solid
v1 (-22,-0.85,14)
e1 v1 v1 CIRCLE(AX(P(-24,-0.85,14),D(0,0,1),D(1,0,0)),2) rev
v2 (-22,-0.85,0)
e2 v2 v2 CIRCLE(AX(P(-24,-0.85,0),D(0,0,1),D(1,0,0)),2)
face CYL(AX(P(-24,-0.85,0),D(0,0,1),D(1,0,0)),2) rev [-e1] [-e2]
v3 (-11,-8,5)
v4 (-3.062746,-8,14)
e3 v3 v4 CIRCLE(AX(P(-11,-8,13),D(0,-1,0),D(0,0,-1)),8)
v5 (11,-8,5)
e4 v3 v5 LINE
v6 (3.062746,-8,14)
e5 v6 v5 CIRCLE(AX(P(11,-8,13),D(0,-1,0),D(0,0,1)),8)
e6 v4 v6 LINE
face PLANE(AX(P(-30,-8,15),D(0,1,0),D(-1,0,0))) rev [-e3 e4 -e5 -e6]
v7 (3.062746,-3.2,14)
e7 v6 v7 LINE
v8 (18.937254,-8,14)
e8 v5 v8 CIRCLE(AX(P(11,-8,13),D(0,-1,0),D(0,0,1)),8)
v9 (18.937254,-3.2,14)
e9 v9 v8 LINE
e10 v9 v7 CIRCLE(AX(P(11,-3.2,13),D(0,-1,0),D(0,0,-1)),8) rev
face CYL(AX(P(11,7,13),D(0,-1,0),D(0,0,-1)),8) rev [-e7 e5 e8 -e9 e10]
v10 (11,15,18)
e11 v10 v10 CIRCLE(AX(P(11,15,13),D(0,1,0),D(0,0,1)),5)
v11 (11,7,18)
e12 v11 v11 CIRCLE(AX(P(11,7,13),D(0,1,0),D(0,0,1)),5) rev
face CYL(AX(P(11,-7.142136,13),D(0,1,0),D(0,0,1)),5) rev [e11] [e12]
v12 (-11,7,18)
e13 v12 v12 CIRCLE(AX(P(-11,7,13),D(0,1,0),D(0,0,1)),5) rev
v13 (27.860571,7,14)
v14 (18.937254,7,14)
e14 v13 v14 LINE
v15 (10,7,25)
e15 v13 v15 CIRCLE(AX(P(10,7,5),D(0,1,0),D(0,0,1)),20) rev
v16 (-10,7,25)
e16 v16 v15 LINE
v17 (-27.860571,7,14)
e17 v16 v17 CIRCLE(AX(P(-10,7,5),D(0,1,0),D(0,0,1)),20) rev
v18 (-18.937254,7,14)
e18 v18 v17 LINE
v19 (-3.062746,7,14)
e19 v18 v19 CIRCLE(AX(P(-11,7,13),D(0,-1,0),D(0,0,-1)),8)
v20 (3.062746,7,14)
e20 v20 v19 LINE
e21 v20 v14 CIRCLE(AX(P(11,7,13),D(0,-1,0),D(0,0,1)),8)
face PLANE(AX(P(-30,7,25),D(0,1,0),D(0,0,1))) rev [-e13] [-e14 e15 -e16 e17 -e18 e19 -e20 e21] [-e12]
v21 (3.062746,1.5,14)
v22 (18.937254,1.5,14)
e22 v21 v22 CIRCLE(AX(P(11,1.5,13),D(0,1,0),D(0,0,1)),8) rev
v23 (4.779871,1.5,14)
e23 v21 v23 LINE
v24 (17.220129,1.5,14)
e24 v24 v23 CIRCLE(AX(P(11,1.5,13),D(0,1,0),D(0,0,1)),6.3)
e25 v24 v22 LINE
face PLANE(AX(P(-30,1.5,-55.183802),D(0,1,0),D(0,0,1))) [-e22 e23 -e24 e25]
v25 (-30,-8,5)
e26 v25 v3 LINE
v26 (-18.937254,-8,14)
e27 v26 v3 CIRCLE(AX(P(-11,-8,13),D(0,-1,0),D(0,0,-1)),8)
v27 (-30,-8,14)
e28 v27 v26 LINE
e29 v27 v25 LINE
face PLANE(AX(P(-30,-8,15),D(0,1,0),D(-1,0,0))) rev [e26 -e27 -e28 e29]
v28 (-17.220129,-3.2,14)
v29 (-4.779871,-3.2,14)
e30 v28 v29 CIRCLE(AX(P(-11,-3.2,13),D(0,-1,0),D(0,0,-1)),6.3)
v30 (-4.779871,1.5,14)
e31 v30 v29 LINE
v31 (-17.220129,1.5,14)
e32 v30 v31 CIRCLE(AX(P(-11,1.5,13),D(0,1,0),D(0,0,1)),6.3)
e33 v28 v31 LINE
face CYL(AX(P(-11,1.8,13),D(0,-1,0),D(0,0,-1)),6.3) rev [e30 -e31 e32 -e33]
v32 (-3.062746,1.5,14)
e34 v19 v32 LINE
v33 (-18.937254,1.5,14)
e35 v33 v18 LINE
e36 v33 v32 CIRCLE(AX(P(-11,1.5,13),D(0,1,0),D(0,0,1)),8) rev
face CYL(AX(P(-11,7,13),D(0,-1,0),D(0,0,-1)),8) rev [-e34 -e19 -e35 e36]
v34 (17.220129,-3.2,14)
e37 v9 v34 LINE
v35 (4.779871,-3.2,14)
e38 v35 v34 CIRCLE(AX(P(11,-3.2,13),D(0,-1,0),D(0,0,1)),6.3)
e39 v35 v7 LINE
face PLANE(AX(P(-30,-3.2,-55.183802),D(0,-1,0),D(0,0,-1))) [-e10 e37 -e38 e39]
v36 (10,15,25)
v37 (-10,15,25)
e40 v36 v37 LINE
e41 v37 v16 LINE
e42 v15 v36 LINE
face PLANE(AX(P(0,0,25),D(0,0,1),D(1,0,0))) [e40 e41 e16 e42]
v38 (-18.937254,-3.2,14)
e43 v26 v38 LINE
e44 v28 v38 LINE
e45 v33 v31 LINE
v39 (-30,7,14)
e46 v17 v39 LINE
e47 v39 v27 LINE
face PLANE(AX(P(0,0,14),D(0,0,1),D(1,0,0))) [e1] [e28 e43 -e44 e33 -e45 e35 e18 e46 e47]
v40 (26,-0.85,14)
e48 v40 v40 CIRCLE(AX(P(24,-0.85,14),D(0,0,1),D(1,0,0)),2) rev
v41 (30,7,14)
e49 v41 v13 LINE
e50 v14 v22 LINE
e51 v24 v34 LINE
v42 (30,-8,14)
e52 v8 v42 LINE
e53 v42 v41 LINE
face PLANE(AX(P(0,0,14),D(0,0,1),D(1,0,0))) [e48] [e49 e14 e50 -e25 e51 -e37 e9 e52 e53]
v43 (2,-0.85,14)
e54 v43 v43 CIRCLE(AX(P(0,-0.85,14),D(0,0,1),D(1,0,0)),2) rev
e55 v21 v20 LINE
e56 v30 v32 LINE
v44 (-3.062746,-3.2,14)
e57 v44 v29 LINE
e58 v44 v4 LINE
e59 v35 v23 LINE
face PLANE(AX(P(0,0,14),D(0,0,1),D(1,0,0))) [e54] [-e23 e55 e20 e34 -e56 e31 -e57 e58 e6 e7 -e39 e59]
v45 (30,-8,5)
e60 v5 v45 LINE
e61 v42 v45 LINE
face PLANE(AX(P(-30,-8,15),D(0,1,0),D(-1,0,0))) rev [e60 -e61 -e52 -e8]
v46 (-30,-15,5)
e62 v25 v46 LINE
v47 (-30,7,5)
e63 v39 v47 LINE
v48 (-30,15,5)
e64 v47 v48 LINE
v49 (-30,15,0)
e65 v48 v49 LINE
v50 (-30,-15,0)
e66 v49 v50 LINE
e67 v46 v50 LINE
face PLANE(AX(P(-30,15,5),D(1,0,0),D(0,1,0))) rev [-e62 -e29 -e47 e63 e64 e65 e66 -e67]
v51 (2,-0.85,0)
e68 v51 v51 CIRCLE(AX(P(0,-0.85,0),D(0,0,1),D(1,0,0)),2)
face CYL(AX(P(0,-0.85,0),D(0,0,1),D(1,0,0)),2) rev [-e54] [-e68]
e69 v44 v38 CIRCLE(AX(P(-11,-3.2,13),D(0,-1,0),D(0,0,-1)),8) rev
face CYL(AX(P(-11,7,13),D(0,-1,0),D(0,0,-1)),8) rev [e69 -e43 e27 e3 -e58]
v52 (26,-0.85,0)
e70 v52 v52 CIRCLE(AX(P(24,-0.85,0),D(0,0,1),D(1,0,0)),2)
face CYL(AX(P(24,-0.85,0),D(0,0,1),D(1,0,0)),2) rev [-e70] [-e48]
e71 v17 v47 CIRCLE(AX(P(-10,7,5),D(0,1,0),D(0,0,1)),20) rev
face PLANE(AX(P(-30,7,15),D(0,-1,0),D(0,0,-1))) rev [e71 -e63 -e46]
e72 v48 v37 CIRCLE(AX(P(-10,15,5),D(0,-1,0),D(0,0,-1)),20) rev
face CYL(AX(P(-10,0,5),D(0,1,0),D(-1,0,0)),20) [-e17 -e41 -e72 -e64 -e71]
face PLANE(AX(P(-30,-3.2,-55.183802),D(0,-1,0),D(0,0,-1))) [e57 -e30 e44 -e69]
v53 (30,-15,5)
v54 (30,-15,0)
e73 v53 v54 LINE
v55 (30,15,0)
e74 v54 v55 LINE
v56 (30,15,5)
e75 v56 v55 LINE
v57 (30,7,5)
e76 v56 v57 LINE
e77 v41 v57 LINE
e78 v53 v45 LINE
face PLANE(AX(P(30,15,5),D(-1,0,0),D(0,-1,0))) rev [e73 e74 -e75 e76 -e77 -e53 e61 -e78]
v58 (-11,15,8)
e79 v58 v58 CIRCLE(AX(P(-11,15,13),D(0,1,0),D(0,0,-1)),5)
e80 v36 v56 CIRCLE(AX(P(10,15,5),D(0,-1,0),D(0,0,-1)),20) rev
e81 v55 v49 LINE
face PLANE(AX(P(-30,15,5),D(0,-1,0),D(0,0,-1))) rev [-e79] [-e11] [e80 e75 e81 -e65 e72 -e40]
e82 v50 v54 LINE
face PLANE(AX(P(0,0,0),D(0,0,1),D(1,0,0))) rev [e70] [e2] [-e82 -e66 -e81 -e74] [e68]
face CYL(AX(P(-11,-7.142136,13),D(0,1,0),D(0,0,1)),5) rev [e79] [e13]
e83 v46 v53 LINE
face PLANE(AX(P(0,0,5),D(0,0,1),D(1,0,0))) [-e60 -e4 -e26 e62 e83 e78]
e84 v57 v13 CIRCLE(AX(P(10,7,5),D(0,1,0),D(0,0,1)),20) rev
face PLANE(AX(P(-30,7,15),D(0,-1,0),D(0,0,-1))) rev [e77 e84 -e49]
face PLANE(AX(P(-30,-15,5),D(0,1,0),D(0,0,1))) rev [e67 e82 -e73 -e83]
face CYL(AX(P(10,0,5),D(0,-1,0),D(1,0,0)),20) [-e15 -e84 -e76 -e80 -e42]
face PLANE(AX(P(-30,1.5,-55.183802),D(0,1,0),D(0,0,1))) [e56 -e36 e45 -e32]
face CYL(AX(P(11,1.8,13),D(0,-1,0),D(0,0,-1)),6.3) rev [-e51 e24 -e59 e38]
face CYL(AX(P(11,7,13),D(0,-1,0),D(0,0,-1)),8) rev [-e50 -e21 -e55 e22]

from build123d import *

# Parameters (mm, degrees)
SCHIZZO1_W                   = 60
SCHIZZO1_H                   = 30
ESTRUSIONE_ESTRUSIONE1_DEPTH = 5
SCHIZZO2_W                   = 60
SCHIZZO2_H                   = 8
ESTRUSIONE_ESTRUSIONE2_DEPTH = 20
SCHIZZO3_R                   = 5
TAGLIO_ESTRUSIONE1_DEPTH     = 8
RACCORDO1_R                  = 20
SCHIZZO4_W                   = 60
SCHIZZO4_H                   = 15
ESTRUSIONE_ESTRUSIONE3_DEPTH = 10
SCHIZZO6_R                   = 8
TAGLIO_ESTRUSIONE2_DEPTH     = 15
SCHIZZO8_W                   = 60
SCHIZZO8_H                   = 4.7
ESTRUSIONE_ESTRUSIONE4_DEPTH = 10
SCHIZZO9_R                   = 6.3
TAGLIO_ESTRUSIONE3_DEPTH     = 5
SCHIZZO10_R                  = 2
TAGLIO_ESTRUSIONE4_DEPTH     = 16
SCHIZZO11_W                  = 60
SCHIZZO11_H                  = 15
TAGLIO_ESTRUSIONE5_DEPTH     = 1


with BuildPart() as part:
    # Schizzo1 → Estrusione-Estrusione1 (new body)
    with BuildSketch(Plane.XY):
        Rectangle(SCHIZZO1_W, SCHIZZO1_H)
    extrude(amount=ESTRUSIONE_ESTRUSIONE1_DEPTH)

    # Schizzo2 → Estrusione-Estrusione2 (add)
    with BuildSketch(Plane.XY.offset(5)):
        with Locations((0, 11)):
            Rectangle(SCHIZZO2_W, SCHIZZO2_H)
    extrude(amount=ESTRUSIONE_ESTRUSIONE2_DEPTH)

    # Schizzo3 → Taglio-Estrusione1 (cut)
    with BuildSketch(Plane(origin=(0, 15, 0), x_dir=(1, 0, 0), z_dir=(0, 1, 0))):
        with Locations((11, -13)):
            Circle(SCHIZZO3_R)
        with Locations((-11, -13)):
            Circle(SCHIZZO3_R)
    extrude(amount=-TAGLIO_ESTRUSIONE1_DEPTH, mode=Mode.SUBTRACT)

    # Raccordo1
    raccordo1_edges = [part.edges().sort_by_distance(p)[0] for p in [
        (30, 11, 25),
        (-30, 11, 25),
    ]]
    fillet(raccordo1_edges, radius=RACCORDO1_R)

    # Schizzo4 → Estrusione-Estrusione3 (add)
    with BuildSketch(Plane.XY.offset(5)):
        with Locations((0, -0.5)):
            Rectangle(SCHIZZO4_W, SCHIZZO4_H)
    extrude(amount=ESTRUSIONE_ESTRUSIONE3_DEPTH)

    # Schizzo6 → Taglio-Estrusione2 (cut)
    with BuildSketch(Plane.XZ.offset(8)):
        with Locations((-11, 13)):
            Circle(SCHIZZO6_R)
        with Locations((11, 13)):
            Circle(SCHIZZO6_R)
    extrude(amount=-TAGLIO_ESTRUSIONE2_DEPTH, mode=Mode.SUBTRACT)

    # Schizzo8 → Estrusione-Estrusione4 (add)
    with BuildSketch(Plane.XY.offset(15)):
        with Locations((0, -0.85)):
            Rectangle(SCHIZZO8_W, SCHIZZO8_H)
    extrude(amount=-ESTRUSIONE_ESTRUSIONE4_DEPTH)

    # Schizzo9 → Taglio-Estrusione3 (cut)
    with BuildSketch(Plane.XZ.offset(3.2)):
        with Locations((-11, 13)):
            Circle(SCHIZZO9_R)
        with Locations((11, 13)):
            Circle(SCHIZZO9_R)
    extrude(amount=-TAGLIO_ESTRUSIONE3_DEPTH, mode=Mode.SUBTRACT)

    # Schizzo10 → Taglio-Estrusione4 (cut, through all)
    with BuildSketch(Plane.XY.offset(15)):
        with Locations((0, -0.85)):
            Circle(SCHIZZO10_R)
        with Locations((24, -0.85)):
            Circle(SCHIZZO10_R)
        with Locations((-24, -0.85)):
            Circle(SCHIZZO10_R)
    extrude(amount=-TAGLIO_ESTRUSIONE4_DEPTH, mode=Mode.SUBTRACT)

    # Schizzo11 → Taglio-Estrusione5 (cut)
    with BuildSketch(Plane.XY.offset(15)):
        with Locations((0, -0.5)):
            Rectangle(SCHIZZO11_W, SCHIZZO11_H)
    extrude(amount=-TAGLIO_ESTRUSIONE5_DEPTH, mode=Mode.SUBTRACT)


solid = part.part
